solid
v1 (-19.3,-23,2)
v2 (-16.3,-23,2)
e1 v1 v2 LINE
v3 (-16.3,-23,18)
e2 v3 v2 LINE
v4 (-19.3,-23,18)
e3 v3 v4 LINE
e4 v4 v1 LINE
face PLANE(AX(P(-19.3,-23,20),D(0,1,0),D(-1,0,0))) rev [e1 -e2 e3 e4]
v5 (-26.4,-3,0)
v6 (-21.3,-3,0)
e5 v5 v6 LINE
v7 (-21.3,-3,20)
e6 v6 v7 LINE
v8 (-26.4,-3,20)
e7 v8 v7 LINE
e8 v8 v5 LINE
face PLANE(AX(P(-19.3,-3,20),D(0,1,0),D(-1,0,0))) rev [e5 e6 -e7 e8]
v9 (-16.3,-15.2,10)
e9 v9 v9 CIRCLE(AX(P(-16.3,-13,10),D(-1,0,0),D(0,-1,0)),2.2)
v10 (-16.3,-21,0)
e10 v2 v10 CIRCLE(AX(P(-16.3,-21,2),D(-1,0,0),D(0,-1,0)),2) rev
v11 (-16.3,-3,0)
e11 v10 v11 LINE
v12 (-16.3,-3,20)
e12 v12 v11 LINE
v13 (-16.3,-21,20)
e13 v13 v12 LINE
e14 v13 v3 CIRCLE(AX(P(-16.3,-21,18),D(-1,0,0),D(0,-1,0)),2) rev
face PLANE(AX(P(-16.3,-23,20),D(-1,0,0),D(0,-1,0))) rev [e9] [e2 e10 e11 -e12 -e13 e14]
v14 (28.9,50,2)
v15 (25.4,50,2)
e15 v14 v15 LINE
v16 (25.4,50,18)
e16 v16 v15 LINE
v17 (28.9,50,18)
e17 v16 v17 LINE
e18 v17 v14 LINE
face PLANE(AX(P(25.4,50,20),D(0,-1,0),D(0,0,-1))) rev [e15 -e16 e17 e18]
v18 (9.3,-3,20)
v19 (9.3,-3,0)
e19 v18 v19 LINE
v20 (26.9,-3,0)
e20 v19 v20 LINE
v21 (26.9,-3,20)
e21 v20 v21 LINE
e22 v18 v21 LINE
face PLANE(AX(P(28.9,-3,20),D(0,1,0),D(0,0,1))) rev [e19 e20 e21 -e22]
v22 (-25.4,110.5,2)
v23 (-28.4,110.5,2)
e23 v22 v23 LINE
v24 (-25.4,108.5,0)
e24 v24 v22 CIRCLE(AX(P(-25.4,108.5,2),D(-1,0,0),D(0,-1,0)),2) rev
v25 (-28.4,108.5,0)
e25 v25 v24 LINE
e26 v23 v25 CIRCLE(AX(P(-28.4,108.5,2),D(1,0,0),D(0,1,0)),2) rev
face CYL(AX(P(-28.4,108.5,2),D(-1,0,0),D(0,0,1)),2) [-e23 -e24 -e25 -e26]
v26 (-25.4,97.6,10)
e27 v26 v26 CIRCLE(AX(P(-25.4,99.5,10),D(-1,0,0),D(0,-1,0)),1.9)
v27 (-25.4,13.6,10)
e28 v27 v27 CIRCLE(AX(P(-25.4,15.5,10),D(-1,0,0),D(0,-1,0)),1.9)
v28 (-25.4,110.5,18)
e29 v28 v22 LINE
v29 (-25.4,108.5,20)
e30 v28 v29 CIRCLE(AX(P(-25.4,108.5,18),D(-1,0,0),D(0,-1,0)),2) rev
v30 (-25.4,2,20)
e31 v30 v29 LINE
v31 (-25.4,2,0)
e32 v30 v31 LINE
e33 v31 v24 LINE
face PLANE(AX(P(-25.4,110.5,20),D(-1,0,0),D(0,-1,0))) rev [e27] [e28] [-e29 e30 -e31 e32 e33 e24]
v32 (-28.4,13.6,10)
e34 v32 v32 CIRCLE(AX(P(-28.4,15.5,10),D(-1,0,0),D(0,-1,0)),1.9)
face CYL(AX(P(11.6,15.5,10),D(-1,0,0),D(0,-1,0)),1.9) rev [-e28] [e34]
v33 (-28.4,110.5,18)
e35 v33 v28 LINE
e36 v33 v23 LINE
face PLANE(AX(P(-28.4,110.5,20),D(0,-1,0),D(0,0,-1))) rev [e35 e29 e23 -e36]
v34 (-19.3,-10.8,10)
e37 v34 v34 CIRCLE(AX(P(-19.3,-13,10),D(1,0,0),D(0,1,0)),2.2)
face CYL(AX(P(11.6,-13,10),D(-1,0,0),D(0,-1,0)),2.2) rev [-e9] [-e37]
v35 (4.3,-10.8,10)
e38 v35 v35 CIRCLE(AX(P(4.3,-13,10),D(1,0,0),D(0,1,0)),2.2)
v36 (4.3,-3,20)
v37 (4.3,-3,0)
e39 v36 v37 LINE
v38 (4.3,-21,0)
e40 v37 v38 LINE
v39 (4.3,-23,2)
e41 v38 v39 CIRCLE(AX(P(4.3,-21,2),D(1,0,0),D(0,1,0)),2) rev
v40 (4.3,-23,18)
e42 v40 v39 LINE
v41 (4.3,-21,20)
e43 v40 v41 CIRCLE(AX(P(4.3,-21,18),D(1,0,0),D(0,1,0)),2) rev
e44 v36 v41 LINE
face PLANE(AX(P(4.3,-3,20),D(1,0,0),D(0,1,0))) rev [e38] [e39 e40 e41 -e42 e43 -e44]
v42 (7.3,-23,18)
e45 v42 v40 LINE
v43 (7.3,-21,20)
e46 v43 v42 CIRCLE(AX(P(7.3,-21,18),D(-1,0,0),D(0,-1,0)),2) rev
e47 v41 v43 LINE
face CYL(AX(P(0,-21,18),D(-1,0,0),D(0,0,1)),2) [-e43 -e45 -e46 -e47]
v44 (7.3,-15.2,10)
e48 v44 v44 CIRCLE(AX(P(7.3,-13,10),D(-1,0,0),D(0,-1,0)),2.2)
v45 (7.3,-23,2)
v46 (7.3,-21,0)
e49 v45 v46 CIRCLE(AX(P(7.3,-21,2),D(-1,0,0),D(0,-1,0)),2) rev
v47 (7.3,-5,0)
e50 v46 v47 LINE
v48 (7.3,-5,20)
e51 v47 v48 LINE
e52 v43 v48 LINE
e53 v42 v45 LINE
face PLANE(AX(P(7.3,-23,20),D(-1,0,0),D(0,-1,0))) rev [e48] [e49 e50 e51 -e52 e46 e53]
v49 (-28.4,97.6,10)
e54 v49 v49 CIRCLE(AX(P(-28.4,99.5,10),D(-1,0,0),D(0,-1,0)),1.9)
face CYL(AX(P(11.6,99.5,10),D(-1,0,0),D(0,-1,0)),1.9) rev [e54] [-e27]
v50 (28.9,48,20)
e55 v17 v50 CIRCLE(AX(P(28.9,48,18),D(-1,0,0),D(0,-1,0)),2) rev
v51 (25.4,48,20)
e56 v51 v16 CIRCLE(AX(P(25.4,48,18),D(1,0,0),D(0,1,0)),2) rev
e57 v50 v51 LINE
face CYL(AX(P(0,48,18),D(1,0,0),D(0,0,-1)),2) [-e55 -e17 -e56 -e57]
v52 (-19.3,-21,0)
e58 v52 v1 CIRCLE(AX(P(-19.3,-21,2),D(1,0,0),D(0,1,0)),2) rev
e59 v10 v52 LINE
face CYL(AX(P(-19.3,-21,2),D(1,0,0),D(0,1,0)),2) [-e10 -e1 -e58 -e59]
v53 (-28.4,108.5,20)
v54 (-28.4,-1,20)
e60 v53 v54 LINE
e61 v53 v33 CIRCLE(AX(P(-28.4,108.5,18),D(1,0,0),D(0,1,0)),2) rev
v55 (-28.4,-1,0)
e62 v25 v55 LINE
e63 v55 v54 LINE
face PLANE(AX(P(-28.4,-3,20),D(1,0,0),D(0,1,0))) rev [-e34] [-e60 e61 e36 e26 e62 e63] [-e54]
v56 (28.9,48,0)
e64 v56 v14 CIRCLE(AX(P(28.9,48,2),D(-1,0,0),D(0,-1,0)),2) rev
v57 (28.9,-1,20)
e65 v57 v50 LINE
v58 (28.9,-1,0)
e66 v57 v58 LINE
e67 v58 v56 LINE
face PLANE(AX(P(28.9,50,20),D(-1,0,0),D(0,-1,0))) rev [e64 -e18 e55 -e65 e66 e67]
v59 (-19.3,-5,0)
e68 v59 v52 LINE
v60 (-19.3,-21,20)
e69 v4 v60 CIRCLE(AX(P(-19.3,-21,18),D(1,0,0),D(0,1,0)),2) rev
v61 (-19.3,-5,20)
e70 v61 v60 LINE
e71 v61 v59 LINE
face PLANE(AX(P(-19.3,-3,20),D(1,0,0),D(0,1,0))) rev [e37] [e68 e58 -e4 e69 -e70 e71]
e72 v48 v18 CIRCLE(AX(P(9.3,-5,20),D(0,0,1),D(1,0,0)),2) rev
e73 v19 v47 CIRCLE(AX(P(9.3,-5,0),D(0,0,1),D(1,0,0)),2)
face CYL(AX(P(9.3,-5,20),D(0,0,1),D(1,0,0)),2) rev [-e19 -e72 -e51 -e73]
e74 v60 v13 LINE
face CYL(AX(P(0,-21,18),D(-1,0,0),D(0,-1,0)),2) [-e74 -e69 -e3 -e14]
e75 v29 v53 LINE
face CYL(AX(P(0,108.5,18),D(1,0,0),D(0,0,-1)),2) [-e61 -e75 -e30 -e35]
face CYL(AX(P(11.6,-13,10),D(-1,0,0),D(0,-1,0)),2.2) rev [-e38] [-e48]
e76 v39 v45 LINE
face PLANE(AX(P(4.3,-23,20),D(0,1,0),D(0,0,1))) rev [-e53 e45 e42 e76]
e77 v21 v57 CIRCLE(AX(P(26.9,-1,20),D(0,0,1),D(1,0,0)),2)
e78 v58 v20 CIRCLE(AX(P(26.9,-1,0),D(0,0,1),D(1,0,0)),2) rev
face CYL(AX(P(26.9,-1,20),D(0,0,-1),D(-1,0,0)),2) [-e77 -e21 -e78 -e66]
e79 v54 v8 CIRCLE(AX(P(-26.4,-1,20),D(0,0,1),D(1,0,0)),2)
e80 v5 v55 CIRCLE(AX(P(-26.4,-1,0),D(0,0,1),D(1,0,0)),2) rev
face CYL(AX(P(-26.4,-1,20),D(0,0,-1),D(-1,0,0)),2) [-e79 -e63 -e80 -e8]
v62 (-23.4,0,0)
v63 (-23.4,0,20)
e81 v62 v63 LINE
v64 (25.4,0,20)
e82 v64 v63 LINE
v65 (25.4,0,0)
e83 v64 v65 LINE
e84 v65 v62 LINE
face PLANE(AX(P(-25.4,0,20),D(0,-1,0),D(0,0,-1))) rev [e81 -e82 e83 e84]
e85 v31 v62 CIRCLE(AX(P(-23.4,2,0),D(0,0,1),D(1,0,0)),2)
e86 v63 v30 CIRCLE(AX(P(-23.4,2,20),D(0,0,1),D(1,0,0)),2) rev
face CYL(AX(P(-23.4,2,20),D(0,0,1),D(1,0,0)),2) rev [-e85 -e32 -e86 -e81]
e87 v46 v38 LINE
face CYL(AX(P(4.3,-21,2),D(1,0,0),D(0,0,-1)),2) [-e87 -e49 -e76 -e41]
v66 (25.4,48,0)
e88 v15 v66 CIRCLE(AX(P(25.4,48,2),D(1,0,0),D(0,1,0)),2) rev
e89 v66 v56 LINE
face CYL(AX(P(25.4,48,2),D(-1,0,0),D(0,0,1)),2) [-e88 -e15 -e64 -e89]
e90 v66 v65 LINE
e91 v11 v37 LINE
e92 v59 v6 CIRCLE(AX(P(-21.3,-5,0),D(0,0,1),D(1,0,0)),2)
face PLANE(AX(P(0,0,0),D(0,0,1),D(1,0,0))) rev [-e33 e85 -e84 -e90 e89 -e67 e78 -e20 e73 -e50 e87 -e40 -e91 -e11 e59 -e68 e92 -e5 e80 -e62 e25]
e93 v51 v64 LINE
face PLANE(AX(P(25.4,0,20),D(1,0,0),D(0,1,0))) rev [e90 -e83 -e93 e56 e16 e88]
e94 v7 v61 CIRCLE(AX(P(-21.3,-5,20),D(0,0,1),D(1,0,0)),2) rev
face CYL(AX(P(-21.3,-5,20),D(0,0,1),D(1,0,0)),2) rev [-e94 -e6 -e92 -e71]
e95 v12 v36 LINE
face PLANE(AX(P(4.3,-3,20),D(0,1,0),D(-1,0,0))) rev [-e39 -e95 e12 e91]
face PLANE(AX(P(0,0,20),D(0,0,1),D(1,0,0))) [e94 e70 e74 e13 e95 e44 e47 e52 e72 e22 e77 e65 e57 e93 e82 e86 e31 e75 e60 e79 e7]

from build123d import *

# Parameters (mm, degrees)
BOSS_EXTRUDE1_DEPTH = 20
FILLET1_R           = 2
SKETCH2_R           = 1.9
SKETCH2_R_2         = 2.2
CUT_EXTRUDE1_DEPTH  = 40


with BuildPart() as part:
    # Sketch1 → Boss-Extrude1 (new body)
    with BuildSketch(Plane.XY):
        Polygon((-25.4, 0), (25.4, 0), (25.4, 50), (28.9, 50), (28.9, -3), (7.3, -3), (7.3, -23), (4.3, -23), (4.3, -3), (-16.3, -3), (-16.3, -23), (-19.3, -23), (-19.3, -3), (-28.4, -3), (-28.4, 110.5), (-25.4, 110.5), align=None)
    extrude(amount=BOSS_EXTRUDE1_DEPTH)

    # Fillet1
    fillet1_edges = [part.edges().sort_by_distance(p)[0] for p in [
        (27.15, 50, 0),
        (5.8, -23, 0),
        (-17.8, -23, 0),
        (-17.8, -23, 20),
        (-26.9, 110.5, 0),
        (-25.4, 0, 10),
        (28.9, -3, 10),
        (7.3, -3, 10),
        (-19.3, -3, 10),
        (-28.4, -3, 10),
        (5.8, -23, 20),
        (27.15, 50, 20),
        (-26.9, 110.5, 20),
    ]]
    fillet(fillet1_edges, radius=FILLET1_R)

    # Sketch2 → Cut-Extrude1 (cut)
    with BuildSketch(Plane.ZY.offset(28.4)):
        with Locations(Location((10, 99.5, 0), (0, 0, 270))):
            Circle(SKETCH2_R)
        with Locations(Location((10, 15.5, 0), (0, 0, 270))):
            Circle(SKETCH2_R)
        with Locations(Location((10, -13, 0), (0, 0, 270))):
            Circle(SKETCH2_R_2)
    extrude(amount=-CUT_EXTRUDE1_DEPTH, mode=Mode.SUBTRACT)


solid = part.part
